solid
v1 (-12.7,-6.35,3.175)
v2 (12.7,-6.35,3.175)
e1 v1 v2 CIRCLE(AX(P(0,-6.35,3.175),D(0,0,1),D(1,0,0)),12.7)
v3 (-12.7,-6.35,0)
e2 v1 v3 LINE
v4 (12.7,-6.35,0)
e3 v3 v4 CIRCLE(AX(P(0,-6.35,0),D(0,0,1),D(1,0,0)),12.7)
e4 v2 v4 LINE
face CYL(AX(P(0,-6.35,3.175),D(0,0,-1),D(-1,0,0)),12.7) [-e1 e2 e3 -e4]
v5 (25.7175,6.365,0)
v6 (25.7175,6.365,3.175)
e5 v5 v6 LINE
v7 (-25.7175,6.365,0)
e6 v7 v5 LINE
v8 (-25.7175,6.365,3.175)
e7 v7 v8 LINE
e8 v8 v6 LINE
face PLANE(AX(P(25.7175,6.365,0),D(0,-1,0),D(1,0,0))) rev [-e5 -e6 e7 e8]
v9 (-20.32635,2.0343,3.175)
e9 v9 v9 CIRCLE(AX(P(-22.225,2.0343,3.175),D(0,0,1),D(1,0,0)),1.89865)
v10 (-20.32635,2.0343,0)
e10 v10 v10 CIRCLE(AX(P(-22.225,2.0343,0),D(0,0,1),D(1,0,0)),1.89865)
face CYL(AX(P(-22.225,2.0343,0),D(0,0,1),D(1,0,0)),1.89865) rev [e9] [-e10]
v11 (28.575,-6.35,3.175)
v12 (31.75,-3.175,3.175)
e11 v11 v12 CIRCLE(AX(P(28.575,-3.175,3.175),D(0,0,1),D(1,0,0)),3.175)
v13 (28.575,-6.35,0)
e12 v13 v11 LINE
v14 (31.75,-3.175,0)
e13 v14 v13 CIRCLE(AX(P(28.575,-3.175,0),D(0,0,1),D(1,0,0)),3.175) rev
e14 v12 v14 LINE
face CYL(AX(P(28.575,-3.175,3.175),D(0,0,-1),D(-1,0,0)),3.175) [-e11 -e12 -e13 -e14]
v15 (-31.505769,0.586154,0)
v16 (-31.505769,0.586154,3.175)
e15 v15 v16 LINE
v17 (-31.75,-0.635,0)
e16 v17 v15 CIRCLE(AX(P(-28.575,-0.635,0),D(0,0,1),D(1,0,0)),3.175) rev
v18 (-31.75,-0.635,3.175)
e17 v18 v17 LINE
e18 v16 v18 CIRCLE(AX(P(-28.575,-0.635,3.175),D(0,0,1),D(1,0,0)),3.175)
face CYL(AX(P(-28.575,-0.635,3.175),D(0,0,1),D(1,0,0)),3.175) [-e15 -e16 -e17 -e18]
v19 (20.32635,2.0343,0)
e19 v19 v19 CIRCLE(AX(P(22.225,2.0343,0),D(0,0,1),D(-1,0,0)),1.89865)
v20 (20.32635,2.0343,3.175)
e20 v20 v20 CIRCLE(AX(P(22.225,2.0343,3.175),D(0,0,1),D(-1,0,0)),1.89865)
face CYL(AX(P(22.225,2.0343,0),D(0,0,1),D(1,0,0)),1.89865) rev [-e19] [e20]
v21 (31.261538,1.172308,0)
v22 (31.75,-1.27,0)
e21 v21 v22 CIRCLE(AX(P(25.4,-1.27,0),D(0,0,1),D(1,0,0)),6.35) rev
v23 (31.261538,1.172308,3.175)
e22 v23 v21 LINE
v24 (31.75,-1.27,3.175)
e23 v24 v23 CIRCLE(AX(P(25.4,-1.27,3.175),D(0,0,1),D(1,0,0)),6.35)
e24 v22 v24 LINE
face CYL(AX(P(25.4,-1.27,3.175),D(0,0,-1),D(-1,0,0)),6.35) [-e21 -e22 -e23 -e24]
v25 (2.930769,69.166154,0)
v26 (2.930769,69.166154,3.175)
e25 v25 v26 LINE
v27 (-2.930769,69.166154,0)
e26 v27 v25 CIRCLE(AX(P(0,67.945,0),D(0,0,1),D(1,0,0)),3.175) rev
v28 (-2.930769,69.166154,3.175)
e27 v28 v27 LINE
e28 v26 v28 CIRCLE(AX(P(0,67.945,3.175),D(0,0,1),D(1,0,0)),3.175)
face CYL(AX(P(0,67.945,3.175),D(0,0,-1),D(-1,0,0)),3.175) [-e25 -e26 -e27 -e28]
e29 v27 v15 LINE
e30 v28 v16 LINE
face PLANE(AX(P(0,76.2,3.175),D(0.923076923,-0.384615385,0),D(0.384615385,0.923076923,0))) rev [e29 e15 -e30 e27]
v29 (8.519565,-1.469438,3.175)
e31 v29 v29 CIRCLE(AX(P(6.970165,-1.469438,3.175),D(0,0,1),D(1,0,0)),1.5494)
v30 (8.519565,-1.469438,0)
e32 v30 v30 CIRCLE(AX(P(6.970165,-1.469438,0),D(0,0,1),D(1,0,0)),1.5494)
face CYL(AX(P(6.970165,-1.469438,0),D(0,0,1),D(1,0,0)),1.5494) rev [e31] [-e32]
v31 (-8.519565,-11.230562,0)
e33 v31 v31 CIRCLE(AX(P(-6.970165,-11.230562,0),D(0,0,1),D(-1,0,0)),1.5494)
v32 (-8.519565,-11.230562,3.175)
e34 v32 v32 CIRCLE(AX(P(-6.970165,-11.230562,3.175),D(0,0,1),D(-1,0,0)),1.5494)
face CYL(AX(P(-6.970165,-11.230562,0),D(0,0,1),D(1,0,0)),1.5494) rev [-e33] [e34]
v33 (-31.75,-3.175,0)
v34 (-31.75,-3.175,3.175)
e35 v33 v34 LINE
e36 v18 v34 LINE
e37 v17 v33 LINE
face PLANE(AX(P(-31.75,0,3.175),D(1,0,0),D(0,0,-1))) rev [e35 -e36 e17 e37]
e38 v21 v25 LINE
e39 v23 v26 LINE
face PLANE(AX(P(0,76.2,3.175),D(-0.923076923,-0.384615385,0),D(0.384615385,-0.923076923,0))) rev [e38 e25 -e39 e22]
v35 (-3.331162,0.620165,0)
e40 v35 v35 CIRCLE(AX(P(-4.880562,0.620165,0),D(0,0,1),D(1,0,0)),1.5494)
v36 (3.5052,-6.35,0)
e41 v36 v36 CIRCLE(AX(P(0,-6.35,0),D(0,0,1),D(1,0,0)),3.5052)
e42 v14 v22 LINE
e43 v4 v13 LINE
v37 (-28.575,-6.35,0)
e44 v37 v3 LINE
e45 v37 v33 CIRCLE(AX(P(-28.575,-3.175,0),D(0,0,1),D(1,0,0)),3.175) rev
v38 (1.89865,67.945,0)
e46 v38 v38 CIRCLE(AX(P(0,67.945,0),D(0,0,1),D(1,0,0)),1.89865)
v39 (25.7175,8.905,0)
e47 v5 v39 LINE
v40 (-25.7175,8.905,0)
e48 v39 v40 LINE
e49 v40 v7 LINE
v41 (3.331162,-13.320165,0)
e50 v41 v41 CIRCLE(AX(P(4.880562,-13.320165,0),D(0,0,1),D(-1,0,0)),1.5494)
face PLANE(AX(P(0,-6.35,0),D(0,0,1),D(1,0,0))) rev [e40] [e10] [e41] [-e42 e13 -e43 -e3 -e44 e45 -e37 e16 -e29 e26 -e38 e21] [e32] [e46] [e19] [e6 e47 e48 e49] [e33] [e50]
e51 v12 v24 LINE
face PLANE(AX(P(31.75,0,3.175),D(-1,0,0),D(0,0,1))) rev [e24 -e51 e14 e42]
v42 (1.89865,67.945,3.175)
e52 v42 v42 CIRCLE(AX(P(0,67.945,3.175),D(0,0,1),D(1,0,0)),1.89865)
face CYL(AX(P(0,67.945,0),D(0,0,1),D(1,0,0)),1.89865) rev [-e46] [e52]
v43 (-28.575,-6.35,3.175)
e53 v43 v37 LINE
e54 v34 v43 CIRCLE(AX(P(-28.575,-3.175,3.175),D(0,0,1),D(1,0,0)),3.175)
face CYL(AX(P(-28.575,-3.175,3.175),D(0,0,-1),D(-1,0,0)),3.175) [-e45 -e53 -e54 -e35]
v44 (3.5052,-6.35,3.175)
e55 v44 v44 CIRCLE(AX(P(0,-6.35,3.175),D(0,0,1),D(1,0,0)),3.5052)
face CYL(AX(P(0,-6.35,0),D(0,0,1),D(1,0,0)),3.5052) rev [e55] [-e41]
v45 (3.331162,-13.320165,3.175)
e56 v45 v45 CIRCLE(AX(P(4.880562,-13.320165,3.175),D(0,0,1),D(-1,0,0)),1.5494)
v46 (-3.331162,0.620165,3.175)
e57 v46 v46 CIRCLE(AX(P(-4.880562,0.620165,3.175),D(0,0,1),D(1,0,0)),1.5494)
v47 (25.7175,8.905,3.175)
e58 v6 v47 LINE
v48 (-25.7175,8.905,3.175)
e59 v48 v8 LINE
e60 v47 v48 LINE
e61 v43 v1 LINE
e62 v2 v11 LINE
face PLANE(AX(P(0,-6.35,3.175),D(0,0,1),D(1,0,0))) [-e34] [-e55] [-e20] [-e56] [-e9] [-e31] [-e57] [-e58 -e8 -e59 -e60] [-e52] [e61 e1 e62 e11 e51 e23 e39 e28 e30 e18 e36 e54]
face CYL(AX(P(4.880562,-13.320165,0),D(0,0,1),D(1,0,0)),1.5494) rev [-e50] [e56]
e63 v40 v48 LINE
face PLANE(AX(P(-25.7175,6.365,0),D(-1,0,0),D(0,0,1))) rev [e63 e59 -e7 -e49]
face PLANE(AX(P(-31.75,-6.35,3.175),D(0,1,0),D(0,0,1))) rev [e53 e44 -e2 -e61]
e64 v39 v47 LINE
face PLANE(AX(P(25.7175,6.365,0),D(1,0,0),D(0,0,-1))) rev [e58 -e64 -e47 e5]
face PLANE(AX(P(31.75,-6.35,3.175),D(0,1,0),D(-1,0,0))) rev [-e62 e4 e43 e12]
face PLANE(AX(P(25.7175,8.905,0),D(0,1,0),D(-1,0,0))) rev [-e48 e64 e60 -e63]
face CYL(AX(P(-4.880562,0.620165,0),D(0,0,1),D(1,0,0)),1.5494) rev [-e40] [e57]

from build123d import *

# Parameters (mm, degrees)
BOSS_EXTRUDE1_DEPTH = 3.175
FILLET4_R           = 3.175
FILLET5_R           = 3.175
FILLET6_R           = 3.175
FILLET7_R           = 6.35
FILLET8_R           = 3.175
SKETCH2_R           = 3.5052
SKETCH2_R_2         = 1.5494
CUT_EXTRUDE1_DEPTH  = 4.175
SKETCH4_W           = 51.435
SKETCH4_H           = 2.54
CUT_EXTRUDE2_DEPTH  = 4.175
SKETCH10_R          = 1.89865
CUT_EXTRUDE3_DEPTH  = 4.175
SKETCH11_R          = 1.89865
CUT_EXTRUDE4_DEPTH  = 4.175


with BuildPart() as part:
    # Sketch1 → Boss-Extrude1 (new body)
    with BuildSketch(Plane.XY):
        with BuildLine():
            Line((-31.75, 0), (-31.75, -6.35))
            Line((-31.75, -6.35), (-12.7, -6.35))
            ThreePointArc((-12.7, -6.35), (0, -19.05), (12.7, -6.35))
            Line((12.7, -6.35), (31.75, -6.35))
            Line((31.75, -6.35), (31.75, 0))
            Line((31.75, 0), (0, 76.2))
            Line((0, 76.2), (-31.75, 0))
        make_face()
    extrude(amount=BOSS_EXTRUDE1_DEPTH)

    # Fillet4
    fillet4_edges = [part.edges().sort_by_distance(p)[0] for p in [
        (-31.75, -6.35, 1.5875),
    ]]
    fillet(fillet4_edges, radius=FILLET4_R)

    # Fillet5
    fillet5_edges = [part.edges().sort_by_distance(p)[0] for p in [
        (-31.75, 0, 1.5875),
    ]]
    fillet(fillet5_edges, radius=FILLET5_R)

    # Fillet6
    fillet6_edges = [part.edges().sort_by_distance(p)[0] for p in [
        (0, 76.2, 1.5875),
    ]]
    fillet(fillet6_edges, radius=FILLET6_R)

    # Fillet7
    fillet7_edges = [part.edges().sort_by_distance(p)[0] for p in [
        (31.75, 0, 1.5875),
    ]]
    fillet(fillet7_edges, radius=FILLET7_R)

    # Fillet8
    fillet8_edges = [part.edges().sort_by_distance(p)[0] for p in [
        (31.75, -6.35, 1.5875),
    ]]
    fillet(fillet8_edges, radius=FILLET8_R)

    # Sketch2 → Cut-Extrude1 (cut, through all)
    with BuildSketch(Plane.XY.offset(3.175)):
        with Locations((0, -6.35)):
            Circle(SKETCH2_R)
        with Locations((-4.880561897, 0.620164745)):
            Circle(SKETCH2_R_2)
        with Locations((4.880561897, -13.320164745)):
            Circle(SKETCH2_R_2)
        with Locations((6.970164745, -1.469438103)):
            Circle(SKETCH2_R_2)
        with Locations((-6.970164745, -11.230561897)):
            Circle(SKETCH2_R_2)
    extrude(amount=-CUT_EXTRUDE1_DEPTH, mode=Mode.SUBTRACT)

    # Sketch4 → Cut-Extrude2 (cut, through all)
    with BuildSketch(Plane.XY.offset(3.175)):
        with Locations((0, 7.634999946)):
            Rectangle(SKETCH4_W, SKETCH4_H)
    extrude(amount=-CUT_EXTRUDE2_DEPTH, mode=Mode.SUBTRACT)

    # Sketch10 → Cut-Extrude3 (cut, through all)
    with BuildSketch(Plane.XY.offset(3.175)):
        with Locations((-22.225, 2.034299946)):
            Circle(SKETCH10_R)
        with Locations((22.225, 2.034299946)):
            Circle(SKETCH10_R)
    extrude(amount=-CUT_EXTRUDE3_DEPTH, mode=Mode.SUBTRACT)

    # Sketch11 → Cut-Extrude4 (cut, through all)
    with BuildSketch(Plane.XY.offset(3.175)):
        with Locations((0, 67.945)):
            Circle(SKETCH11_R)
    extrude(amount=-CUT_EXTRUDE4_DEPTH, mode=Mode.SUBTRACT)


solid = part.part
